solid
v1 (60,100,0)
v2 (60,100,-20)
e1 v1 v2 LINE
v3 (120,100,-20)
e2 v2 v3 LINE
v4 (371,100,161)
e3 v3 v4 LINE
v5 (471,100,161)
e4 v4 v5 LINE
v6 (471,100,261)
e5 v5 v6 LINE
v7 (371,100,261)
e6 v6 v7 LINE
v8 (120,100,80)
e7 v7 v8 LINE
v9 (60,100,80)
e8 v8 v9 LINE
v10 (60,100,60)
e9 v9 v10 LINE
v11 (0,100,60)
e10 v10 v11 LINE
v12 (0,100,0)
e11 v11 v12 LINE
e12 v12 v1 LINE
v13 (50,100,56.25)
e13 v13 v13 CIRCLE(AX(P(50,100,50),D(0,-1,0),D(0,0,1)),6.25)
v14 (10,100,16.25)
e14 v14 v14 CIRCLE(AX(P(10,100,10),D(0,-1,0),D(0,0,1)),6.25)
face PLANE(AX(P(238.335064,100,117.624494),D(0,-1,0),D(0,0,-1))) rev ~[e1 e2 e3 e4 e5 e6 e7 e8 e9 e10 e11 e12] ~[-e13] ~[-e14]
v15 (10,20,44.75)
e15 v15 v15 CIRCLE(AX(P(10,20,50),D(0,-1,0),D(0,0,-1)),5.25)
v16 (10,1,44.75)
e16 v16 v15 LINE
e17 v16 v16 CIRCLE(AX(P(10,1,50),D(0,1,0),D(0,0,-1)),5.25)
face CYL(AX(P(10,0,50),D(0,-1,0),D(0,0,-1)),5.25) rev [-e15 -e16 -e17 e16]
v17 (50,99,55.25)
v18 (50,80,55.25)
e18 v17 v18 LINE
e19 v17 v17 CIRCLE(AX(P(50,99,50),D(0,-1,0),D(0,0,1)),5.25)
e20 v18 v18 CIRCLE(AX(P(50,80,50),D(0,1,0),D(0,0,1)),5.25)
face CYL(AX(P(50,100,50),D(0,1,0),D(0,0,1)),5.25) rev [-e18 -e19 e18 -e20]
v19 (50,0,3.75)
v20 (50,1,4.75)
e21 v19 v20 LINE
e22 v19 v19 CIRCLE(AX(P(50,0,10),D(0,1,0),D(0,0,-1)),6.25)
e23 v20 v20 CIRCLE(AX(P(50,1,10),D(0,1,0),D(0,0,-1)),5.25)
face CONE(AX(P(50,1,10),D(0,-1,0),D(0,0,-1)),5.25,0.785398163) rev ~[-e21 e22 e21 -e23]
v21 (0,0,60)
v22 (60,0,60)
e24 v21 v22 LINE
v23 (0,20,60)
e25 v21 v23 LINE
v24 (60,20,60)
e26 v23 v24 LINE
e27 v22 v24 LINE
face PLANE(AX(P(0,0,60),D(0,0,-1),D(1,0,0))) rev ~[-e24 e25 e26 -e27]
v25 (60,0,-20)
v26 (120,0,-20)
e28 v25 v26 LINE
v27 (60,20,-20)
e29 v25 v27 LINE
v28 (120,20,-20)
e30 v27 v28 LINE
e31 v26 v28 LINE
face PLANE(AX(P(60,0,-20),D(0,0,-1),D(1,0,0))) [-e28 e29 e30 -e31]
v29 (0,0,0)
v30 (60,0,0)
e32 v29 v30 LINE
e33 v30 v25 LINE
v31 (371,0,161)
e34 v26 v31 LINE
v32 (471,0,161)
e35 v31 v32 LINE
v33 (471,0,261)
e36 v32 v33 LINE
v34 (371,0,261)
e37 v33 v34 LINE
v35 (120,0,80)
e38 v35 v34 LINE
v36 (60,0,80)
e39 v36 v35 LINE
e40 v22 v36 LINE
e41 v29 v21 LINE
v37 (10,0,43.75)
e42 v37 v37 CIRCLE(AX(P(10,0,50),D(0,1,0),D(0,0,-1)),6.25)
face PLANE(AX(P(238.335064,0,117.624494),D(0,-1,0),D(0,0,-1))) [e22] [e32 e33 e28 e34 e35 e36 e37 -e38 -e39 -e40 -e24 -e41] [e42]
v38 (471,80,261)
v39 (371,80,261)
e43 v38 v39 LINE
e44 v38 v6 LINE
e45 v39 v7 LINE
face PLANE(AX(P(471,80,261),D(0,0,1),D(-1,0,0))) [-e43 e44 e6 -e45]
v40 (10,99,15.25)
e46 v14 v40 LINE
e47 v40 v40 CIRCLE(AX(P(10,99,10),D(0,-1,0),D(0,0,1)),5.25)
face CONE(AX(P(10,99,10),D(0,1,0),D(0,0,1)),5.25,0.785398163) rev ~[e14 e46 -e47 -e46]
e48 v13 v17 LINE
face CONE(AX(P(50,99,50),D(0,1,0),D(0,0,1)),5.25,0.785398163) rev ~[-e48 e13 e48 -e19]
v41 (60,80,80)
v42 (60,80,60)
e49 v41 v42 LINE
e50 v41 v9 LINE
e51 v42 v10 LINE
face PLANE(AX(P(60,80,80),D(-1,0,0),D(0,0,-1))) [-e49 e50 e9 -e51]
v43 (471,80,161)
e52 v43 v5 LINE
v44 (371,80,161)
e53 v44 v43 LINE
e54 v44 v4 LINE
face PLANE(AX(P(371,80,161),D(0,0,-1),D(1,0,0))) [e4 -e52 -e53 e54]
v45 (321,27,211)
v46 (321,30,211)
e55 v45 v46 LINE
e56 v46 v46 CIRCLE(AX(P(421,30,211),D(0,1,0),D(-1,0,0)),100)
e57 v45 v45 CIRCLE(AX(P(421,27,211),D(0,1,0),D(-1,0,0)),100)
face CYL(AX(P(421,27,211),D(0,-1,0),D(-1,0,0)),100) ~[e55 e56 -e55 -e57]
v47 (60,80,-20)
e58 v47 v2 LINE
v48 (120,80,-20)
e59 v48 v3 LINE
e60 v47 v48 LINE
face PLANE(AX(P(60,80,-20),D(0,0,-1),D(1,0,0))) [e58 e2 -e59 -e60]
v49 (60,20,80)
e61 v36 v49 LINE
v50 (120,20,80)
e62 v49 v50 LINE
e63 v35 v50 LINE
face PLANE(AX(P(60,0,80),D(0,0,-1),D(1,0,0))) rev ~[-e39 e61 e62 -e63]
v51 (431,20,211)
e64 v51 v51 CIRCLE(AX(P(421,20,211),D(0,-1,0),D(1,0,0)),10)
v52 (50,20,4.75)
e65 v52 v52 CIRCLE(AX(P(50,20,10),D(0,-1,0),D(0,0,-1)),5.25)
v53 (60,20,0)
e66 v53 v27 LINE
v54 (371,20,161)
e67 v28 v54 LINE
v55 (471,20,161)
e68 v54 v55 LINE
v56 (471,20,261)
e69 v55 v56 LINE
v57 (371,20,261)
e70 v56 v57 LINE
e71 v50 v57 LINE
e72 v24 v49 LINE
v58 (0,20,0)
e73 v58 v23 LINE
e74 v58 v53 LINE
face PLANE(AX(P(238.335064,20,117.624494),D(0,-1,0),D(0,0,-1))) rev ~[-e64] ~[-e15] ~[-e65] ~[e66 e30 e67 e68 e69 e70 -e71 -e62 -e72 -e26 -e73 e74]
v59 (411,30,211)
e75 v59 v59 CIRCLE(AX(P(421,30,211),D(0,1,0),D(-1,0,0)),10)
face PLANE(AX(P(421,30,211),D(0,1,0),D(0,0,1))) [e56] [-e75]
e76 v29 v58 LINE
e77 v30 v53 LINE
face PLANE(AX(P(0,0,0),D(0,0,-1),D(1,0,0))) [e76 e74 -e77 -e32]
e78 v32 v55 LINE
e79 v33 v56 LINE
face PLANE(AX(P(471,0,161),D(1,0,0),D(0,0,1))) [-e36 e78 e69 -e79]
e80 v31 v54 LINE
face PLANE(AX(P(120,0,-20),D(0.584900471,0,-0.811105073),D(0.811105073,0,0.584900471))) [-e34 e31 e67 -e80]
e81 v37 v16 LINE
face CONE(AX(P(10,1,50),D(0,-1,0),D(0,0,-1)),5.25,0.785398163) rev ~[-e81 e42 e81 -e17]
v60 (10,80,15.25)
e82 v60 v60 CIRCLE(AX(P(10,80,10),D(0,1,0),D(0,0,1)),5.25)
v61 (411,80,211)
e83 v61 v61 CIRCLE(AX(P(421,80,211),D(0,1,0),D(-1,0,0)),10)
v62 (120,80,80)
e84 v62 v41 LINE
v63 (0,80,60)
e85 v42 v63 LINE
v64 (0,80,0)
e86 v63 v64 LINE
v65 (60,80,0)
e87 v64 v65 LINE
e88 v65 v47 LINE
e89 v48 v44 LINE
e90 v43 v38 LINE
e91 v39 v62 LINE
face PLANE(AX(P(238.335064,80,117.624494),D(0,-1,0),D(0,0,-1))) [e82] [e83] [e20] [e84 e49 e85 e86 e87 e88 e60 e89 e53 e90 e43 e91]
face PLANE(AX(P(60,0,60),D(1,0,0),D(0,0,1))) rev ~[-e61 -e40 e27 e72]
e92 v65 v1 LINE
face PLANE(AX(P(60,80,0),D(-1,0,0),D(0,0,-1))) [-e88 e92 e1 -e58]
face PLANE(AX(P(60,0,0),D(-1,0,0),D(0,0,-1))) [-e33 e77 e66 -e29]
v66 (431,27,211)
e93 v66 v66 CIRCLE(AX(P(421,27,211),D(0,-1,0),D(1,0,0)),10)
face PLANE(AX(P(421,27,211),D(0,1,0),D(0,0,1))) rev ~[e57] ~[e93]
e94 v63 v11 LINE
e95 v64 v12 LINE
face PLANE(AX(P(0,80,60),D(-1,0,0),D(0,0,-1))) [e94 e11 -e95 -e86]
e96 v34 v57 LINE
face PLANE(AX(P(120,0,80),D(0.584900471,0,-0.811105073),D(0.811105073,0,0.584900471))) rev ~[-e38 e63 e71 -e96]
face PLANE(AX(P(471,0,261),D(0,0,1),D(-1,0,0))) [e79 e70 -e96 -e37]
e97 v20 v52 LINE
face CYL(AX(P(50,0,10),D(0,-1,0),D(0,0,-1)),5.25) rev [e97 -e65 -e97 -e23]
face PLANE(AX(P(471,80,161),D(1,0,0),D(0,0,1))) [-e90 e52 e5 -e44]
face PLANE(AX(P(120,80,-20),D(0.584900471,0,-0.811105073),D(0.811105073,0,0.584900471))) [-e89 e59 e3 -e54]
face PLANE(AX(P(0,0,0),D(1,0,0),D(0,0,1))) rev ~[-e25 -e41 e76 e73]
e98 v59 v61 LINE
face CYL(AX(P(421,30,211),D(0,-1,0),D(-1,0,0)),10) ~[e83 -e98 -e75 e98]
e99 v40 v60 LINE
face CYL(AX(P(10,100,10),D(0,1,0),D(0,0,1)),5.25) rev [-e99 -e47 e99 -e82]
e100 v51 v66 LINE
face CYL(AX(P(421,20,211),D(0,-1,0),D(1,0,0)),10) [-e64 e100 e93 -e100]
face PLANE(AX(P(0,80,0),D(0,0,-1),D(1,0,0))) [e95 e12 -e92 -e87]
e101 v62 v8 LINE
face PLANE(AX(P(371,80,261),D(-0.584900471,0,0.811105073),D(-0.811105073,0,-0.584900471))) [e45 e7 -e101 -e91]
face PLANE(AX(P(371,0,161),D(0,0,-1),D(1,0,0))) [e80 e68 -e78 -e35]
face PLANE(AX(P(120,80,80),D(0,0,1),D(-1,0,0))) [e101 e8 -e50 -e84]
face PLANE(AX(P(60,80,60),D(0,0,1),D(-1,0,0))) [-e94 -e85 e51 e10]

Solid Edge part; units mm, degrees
sketch "Sketch1" plane through (0, 0, 0) normal (0, -1, 0) x (1, 0, 0)
  line L0 (471, 261) -> (371, 261)
  line L1 (120, 80) -> (371, 261)
  line L2 (60, 80) -> (120, 80)
  line L3 (60, 60) -> (60, 80)
  line L4 (0, 60) -> (60, 60)
  line L5 (0, 0) -> (0, 60)
  line L6 (0, 0) -> (60, 0)
  line L7 (60, 0) -> (60, -20)
  line L8 (60, -20) -> (120, -20)
  line L9 (120, -20) -> (371, 161)
  line L10 (371, 161) -> (471, 161)
  line L11 (471, 161) -> (471, 261)
extrude "Protrusion1" add sketch "Sketch1" against normal blind 20
sketch "Sketch2" plane through (371, 20, 161) normal (0, -1, 0) x (1, 0, 0)
  circle A0 centre (50, 50) radius 10
extrude "Extrusionsausprägung_2" add sketch "Sketch2" against normal blind 7
sketch "Sketch3" plane through (421, 27, 211) normal (0, 1, 0) x (-1, 0, 0)
  circle A0 centre (0, 0) radius 100
extrude "Extrusionsausprägung_4" add sketch "Sketch3" along normal blind 3
sketch "Sketch4" plane through (421, 30, 211) normal (0, 1, 0) x (-1, 0, 0)
  circle A0 centre (0, 0) radius 10
extrude "Extrusionsausprägung_5" add sketch "Sketch4" along normal blind 50
sketch "Sketch5" plane through (421, 80, 211) normal (0, 1, 0) x (-1, 0, 0)
  line L0 (50, 50) -> (301, -131)
  line L1 (301, -131) -> (361, -131)
  line L2 (361, -131) -> (361, -151)
  line L3 (361, -151) -> (421, -151)
  line L4 (421, -151) -> (421, -211)
  line L5 (421, -211) -> (361, -211)
  line L6 (361, -211) -> (361, -231)
  line L7 (361, -231) -> (301, -231)
  line L8 (301, -231) -> (50, -50)
  line L9 (50, -50) -> (-50, -50)
  line L10 (-50, -50) -> (-50, 50)
  line L11 (-50, 50) -> (50, 50)
extrude "Extrusionsausprägung_6" add sketch "Sketch5" along normal blind 20
hole "Bohrung_1" at (10, 0, 50) direction (0, 1, 0) diameter 10.5 end up to next start chamfer 1 start chamfer angle 45
hole "Hole1" at (50, 0, 10) direction (0, 1, 0) diameter 10.5 end up to next start chamfer 1 start chamfer angle 45
hole "Bohrung_3" at (50, 100, 50) direction (0, -1, 0) diameter 10.5 end up to next start chamfer 1 start chamfer angle 45
hole "Hole2" at (10, 100, 10) direction (0, -1, 0) diameter 10.5 end up to next start chamfer 1 start chamfer angle 45
